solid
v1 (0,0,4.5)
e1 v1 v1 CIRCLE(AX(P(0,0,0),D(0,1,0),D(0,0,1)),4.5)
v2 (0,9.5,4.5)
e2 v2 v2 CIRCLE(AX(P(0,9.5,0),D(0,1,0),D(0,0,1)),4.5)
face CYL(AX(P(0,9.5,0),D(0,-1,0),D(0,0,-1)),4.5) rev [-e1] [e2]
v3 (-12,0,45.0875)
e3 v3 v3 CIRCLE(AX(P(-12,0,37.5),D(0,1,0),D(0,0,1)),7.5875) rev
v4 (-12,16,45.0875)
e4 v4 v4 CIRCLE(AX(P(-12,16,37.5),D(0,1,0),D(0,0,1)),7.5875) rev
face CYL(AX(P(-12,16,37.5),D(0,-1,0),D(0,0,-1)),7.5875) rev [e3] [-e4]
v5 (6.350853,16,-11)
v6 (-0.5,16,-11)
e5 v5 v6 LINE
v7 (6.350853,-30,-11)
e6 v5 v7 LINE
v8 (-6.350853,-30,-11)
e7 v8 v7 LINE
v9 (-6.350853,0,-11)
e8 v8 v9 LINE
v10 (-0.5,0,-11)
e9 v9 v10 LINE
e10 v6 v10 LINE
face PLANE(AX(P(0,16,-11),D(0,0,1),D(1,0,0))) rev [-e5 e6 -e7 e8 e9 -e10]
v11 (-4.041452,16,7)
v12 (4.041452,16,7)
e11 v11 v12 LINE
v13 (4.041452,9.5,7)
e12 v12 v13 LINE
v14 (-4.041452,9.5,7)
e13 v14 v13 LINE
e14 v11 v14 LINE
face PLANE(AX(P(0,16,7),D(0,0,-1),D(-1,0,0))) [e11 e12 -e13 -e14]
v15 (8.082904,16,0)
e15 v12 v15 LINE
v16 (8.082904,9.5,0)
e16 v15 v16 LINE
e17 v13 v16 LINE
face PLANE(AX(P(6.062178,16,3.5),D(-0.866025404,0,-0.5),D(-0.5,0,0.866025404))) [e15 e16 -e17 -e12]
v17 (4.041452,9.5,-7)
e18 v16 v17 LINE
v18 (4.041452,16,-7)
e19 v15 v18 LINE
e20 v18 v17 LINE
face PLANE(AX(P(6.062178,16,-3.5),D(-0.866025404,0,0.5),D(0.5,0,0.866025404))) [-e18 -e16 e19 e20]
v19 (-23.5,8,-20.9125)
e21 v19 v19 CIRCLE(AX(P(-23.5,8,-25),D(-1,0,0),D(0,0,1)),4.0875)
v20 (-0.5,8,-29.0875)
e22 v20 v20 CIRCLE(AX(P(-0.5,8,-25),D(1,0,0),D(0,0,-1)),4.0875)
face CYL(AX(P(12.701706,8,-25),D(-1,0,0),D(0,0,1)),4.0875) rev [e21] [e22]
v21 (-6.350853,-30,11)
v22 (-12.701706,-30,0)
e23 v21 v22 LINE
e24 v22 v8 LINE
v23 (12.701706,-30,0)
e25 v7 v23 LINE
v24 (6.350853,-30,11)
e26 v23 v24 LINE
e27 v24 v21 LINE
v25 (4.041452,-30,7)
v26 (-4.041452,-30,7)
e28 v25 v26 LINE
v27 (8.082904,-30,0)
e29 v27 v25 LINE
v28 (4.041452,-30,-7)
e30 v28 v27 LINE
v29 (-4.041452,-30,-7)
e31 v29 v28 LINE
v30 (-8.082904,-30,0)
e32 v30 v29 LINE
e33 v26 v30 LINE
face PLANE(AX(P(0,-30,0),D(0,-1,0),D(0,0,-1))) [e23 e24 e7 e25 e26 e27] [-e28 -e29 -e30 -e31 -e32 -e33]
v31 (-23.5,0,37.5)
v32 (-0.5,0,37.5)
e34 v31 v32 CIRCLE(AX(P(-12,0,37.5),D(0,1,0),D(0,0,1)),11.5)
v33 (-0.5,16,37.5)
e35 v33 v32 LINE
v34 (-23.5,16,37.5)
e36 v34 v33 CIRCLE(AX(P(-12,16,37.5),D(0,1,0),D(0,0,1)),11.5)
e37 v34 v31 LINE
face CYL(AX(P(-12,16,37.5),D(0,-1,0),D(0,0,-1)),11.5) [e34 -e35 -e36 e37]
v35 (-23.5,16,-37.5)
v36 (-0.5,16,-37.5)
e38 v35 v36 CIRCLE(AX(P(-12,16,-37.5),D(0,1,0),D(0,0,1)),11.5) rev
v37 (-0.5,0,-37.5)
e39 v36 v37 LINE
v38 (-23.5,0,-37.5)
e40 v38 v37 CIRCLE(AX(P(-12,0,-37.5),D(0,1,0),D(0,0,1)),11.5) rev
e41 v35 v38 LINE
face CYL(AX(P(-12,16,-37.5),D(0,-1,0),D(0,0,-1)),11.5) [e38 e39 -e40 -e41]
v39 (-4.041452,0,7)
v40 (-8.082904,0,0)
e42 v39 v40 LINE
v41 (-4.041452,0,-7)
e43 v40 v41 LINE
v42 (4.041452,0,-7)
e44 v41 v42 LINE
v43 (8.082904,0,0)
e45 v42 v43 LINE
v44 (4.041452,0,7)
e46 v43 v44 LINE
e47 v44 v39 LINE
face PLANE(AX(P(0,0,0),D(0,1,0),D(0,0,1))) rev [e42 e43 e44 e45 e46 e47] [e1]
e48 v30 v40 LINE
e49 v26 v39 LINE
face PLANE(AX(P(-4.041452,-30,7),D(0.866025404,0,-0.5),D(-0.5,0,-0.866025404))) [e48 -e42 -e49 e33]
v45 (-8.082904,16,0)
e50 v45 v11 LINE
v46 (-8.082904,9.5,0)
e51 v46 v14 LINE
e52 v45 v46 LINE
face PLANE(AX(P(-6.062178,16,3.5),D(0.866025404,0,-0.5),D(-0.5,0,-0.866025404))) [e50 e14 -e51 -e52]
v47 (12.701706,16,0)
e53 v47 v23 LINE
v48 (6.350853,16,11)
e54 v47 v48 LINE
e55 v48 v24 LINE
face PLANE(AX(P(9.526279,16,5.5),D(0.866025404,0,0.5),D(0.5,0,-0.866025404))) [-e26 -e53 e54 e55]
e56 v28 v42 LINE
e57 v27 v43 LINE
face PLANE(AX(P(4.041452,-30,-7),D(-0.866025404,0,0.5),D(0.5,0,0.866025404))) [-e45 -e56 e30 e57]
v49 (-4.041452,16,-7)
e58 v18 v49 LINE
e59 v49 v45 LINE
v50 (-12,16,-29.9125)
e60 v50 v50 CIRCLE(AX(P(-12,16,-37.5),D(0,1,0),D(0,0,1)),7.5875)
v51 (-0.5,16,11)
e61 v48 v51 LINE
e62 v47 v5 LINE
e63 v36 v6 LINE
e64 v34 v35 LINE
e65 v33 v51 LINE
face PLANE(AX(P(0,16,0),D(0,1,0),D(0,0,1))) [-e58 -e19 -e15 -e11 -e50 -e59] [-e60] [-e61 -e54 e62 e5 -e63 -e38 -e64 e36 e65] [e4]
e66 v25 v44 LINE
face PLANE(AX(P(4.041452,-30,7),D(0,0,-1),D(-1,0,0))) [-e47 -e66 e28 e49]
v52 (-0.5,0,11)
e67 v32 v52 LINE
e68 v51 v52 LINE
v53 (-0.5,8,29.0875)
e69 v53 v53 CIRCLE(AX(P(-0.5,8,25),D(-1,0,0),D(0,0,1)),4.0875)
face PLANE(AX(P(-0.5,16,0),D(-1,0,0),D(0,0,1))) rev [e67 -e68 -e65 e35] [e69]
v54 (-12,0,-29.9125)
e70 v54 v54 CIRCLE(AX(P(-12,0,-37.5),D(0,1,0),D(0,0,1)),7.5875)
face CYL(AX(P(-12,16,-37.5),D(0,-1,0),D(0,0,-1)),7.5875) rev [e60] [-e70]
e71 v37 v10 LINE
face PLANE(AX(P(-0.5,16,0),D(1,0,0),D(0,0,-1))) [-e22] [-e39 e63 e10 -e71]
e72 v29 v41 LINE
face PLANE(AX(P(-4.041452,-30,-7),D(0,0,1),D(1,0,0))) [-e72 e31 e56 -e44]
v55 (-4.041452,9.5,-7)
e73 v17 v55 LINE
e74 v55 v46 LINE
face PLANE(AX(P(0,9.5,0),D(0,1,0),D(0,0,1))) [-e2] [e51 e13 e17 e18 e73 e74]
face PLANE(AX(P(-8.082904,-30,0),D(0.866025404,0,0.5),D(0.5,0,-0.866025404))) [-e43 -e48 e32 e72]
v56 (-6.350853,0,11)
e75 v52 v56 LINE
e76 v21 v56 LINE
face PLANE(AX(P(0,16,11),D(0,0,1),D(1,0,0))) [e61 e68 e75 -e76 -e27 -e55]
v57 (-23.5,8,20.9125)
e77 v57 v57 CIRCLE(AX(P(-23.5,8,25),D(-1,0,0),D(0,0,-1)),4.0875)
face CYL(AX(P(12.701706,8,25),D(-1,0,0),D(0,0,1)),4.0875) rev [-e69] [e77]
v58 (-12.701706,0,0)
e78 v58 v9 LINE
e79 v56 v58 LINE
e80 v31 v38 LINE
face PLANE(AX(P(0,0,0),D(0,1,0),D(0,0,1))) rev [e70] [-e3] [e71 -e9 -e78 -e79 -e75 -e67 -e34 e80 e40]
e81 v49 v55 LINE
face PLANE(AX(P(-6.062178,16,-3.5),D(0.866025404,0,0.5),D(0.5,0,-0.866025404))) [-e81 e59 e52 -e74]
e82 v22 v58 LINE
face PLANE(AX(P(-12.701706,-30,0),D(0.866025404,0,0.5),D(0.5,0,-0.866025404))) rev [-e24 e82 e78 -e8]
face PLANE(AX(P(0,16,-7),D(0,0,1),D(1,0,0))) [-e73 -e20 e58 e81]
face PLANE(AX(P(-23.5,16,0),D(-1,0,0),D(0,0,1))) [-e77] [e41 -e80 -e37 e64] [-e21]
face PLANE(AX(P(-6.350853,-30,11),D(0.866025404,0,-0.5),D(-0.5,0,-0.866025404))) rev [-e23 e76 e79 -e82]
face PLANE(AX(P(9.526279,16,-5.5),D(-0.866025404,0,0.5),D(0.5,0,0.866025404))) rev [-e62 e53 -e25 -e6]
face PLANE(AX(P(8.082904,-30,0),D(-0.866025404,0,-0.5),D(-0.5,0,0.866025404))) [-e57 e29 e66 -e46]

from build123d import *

# Parameters (mm, degrees)
SKETCH1_R           = 7.5875
BOSS_EXTRUDE1_DEPTH = 16
SKETCH2_R           = 4.0875
CUT_EXTRUDE1_DEPTH  = 63.988598267
SKETCH1_6_R         = 4.5
BOSS_EXTRUDE2_DEPTH = 9.5
BOSS_EXTRUDE3_DEPTH = 30


with BuildPart() as part:
    # Sketch1 → Boss-Extrude1 (new body)
    with BuildSketch(Plane(origin=(0, 0, 0), x_dir=(1, 0, 0), z_dir=(0, 1, 0))):
        with BuildLine():
            Line((-23.5, -33), (-23.5, 33))
            Line((-23.5, 33), (-23.5, 37.5))
            ThreePointArc((-23.5, 37.5), (-12, 49), (-0.5, 37.5))
            Line((-0.5, 37.5), (-0.5, 33))
            Line((-0.5, 33), (-0.5, 11))
            Line((-0.5, 11), (6.350852961, 11))
            Line((6.350852961, 11), (12.701705922, 0))
            Line((12.701705922, 0), (6.350852961, -11))
            Line((6.350852961, -11), (-0.5, -11))
            Line((-0.5, -11), (-0.5, -33))
            Line((-0.5, -33), (-0.5, -37.5))
            ThreePointArc((-0.5, -37.5), (-12, -49), (-23.5, -37.5))
            Line((-23.5, -37.5), (-23.5, -33))
        make_face()
        with Locations(Location((-12, -37.5, 0), (0, 0, 270))):
            Circle(SKETCH1_R, mode=Mode.SUBTRACT)
        with Locations(Location((-12, 37.5, 0), (0, 0, 270))):
            Circle(SKETCH1_R, mode=Mode.SUBTRACT)
        Polygon((8.082903769, 0), (4.041451884, 7), (-4.041451884, 7), (-8.082903769, 0), (-4.041451884, -7), (4.041451884, -7), align=None, mode=Mode.SUBTRACT)
    extrude(amount=BOSS_EXTRUDE1_DEPTH)

    # Sketch2 → Cut-Extrude1 (cut, through all)
    with BuildSketch(Plane.ZY.offset(23.5)):
        with Locations((-25, 8)):
            Circle(SKETCH2_R)
        with Locations((25, 8)):
            Circle(SKETCH2_R)
    extrude(amount=-CUT_EXTRUDE1_DEPTH, mode=Mode.SUBTRACT)

    # Sketch1<6> → Boss-Extrude2 (add)
    with BuildSketch(Plane(origin=(0, 0, 0), x_dir=(1, 0, 0), z_dir=(0, 1, 0))):
        Polygon((-4.041451884, -7), (4.041451884, -7), (8.082903769, 0), (4.041451884, 7), (-4.041451884, 7), (-8.082903769, 0), align=None)
        with Locations(Location((0, 0, 0), (0, 0, 270))):
            Circle(SKETCH1_6_R, mode=Mode.SUBTRACT)
    extrude(amount=BOSS_EXTRUDE2_DEPTH)

    # Sketch4 → Boss-Extrude3 (add)
    with BuildSketch(Plane.XZ):
        Polygon((12.701705922, 0), (6.350852961, 11), (-6.350852961, 11), (-12.701705922, 0), (-6.350852961, -11), (6.350852961, -11), align=None)
        Polygon((8.082903769, 0), (4.041451884, 7), (-4.041451884, 7), (-8.082903769, 0), (-4.041451884, -7), (4.041451884, -7), align=None, mode=Mode.SUBTRACT)
    extrude(amount=BOSS_EXTRUDE3_DEPTH)


solid = part.part
